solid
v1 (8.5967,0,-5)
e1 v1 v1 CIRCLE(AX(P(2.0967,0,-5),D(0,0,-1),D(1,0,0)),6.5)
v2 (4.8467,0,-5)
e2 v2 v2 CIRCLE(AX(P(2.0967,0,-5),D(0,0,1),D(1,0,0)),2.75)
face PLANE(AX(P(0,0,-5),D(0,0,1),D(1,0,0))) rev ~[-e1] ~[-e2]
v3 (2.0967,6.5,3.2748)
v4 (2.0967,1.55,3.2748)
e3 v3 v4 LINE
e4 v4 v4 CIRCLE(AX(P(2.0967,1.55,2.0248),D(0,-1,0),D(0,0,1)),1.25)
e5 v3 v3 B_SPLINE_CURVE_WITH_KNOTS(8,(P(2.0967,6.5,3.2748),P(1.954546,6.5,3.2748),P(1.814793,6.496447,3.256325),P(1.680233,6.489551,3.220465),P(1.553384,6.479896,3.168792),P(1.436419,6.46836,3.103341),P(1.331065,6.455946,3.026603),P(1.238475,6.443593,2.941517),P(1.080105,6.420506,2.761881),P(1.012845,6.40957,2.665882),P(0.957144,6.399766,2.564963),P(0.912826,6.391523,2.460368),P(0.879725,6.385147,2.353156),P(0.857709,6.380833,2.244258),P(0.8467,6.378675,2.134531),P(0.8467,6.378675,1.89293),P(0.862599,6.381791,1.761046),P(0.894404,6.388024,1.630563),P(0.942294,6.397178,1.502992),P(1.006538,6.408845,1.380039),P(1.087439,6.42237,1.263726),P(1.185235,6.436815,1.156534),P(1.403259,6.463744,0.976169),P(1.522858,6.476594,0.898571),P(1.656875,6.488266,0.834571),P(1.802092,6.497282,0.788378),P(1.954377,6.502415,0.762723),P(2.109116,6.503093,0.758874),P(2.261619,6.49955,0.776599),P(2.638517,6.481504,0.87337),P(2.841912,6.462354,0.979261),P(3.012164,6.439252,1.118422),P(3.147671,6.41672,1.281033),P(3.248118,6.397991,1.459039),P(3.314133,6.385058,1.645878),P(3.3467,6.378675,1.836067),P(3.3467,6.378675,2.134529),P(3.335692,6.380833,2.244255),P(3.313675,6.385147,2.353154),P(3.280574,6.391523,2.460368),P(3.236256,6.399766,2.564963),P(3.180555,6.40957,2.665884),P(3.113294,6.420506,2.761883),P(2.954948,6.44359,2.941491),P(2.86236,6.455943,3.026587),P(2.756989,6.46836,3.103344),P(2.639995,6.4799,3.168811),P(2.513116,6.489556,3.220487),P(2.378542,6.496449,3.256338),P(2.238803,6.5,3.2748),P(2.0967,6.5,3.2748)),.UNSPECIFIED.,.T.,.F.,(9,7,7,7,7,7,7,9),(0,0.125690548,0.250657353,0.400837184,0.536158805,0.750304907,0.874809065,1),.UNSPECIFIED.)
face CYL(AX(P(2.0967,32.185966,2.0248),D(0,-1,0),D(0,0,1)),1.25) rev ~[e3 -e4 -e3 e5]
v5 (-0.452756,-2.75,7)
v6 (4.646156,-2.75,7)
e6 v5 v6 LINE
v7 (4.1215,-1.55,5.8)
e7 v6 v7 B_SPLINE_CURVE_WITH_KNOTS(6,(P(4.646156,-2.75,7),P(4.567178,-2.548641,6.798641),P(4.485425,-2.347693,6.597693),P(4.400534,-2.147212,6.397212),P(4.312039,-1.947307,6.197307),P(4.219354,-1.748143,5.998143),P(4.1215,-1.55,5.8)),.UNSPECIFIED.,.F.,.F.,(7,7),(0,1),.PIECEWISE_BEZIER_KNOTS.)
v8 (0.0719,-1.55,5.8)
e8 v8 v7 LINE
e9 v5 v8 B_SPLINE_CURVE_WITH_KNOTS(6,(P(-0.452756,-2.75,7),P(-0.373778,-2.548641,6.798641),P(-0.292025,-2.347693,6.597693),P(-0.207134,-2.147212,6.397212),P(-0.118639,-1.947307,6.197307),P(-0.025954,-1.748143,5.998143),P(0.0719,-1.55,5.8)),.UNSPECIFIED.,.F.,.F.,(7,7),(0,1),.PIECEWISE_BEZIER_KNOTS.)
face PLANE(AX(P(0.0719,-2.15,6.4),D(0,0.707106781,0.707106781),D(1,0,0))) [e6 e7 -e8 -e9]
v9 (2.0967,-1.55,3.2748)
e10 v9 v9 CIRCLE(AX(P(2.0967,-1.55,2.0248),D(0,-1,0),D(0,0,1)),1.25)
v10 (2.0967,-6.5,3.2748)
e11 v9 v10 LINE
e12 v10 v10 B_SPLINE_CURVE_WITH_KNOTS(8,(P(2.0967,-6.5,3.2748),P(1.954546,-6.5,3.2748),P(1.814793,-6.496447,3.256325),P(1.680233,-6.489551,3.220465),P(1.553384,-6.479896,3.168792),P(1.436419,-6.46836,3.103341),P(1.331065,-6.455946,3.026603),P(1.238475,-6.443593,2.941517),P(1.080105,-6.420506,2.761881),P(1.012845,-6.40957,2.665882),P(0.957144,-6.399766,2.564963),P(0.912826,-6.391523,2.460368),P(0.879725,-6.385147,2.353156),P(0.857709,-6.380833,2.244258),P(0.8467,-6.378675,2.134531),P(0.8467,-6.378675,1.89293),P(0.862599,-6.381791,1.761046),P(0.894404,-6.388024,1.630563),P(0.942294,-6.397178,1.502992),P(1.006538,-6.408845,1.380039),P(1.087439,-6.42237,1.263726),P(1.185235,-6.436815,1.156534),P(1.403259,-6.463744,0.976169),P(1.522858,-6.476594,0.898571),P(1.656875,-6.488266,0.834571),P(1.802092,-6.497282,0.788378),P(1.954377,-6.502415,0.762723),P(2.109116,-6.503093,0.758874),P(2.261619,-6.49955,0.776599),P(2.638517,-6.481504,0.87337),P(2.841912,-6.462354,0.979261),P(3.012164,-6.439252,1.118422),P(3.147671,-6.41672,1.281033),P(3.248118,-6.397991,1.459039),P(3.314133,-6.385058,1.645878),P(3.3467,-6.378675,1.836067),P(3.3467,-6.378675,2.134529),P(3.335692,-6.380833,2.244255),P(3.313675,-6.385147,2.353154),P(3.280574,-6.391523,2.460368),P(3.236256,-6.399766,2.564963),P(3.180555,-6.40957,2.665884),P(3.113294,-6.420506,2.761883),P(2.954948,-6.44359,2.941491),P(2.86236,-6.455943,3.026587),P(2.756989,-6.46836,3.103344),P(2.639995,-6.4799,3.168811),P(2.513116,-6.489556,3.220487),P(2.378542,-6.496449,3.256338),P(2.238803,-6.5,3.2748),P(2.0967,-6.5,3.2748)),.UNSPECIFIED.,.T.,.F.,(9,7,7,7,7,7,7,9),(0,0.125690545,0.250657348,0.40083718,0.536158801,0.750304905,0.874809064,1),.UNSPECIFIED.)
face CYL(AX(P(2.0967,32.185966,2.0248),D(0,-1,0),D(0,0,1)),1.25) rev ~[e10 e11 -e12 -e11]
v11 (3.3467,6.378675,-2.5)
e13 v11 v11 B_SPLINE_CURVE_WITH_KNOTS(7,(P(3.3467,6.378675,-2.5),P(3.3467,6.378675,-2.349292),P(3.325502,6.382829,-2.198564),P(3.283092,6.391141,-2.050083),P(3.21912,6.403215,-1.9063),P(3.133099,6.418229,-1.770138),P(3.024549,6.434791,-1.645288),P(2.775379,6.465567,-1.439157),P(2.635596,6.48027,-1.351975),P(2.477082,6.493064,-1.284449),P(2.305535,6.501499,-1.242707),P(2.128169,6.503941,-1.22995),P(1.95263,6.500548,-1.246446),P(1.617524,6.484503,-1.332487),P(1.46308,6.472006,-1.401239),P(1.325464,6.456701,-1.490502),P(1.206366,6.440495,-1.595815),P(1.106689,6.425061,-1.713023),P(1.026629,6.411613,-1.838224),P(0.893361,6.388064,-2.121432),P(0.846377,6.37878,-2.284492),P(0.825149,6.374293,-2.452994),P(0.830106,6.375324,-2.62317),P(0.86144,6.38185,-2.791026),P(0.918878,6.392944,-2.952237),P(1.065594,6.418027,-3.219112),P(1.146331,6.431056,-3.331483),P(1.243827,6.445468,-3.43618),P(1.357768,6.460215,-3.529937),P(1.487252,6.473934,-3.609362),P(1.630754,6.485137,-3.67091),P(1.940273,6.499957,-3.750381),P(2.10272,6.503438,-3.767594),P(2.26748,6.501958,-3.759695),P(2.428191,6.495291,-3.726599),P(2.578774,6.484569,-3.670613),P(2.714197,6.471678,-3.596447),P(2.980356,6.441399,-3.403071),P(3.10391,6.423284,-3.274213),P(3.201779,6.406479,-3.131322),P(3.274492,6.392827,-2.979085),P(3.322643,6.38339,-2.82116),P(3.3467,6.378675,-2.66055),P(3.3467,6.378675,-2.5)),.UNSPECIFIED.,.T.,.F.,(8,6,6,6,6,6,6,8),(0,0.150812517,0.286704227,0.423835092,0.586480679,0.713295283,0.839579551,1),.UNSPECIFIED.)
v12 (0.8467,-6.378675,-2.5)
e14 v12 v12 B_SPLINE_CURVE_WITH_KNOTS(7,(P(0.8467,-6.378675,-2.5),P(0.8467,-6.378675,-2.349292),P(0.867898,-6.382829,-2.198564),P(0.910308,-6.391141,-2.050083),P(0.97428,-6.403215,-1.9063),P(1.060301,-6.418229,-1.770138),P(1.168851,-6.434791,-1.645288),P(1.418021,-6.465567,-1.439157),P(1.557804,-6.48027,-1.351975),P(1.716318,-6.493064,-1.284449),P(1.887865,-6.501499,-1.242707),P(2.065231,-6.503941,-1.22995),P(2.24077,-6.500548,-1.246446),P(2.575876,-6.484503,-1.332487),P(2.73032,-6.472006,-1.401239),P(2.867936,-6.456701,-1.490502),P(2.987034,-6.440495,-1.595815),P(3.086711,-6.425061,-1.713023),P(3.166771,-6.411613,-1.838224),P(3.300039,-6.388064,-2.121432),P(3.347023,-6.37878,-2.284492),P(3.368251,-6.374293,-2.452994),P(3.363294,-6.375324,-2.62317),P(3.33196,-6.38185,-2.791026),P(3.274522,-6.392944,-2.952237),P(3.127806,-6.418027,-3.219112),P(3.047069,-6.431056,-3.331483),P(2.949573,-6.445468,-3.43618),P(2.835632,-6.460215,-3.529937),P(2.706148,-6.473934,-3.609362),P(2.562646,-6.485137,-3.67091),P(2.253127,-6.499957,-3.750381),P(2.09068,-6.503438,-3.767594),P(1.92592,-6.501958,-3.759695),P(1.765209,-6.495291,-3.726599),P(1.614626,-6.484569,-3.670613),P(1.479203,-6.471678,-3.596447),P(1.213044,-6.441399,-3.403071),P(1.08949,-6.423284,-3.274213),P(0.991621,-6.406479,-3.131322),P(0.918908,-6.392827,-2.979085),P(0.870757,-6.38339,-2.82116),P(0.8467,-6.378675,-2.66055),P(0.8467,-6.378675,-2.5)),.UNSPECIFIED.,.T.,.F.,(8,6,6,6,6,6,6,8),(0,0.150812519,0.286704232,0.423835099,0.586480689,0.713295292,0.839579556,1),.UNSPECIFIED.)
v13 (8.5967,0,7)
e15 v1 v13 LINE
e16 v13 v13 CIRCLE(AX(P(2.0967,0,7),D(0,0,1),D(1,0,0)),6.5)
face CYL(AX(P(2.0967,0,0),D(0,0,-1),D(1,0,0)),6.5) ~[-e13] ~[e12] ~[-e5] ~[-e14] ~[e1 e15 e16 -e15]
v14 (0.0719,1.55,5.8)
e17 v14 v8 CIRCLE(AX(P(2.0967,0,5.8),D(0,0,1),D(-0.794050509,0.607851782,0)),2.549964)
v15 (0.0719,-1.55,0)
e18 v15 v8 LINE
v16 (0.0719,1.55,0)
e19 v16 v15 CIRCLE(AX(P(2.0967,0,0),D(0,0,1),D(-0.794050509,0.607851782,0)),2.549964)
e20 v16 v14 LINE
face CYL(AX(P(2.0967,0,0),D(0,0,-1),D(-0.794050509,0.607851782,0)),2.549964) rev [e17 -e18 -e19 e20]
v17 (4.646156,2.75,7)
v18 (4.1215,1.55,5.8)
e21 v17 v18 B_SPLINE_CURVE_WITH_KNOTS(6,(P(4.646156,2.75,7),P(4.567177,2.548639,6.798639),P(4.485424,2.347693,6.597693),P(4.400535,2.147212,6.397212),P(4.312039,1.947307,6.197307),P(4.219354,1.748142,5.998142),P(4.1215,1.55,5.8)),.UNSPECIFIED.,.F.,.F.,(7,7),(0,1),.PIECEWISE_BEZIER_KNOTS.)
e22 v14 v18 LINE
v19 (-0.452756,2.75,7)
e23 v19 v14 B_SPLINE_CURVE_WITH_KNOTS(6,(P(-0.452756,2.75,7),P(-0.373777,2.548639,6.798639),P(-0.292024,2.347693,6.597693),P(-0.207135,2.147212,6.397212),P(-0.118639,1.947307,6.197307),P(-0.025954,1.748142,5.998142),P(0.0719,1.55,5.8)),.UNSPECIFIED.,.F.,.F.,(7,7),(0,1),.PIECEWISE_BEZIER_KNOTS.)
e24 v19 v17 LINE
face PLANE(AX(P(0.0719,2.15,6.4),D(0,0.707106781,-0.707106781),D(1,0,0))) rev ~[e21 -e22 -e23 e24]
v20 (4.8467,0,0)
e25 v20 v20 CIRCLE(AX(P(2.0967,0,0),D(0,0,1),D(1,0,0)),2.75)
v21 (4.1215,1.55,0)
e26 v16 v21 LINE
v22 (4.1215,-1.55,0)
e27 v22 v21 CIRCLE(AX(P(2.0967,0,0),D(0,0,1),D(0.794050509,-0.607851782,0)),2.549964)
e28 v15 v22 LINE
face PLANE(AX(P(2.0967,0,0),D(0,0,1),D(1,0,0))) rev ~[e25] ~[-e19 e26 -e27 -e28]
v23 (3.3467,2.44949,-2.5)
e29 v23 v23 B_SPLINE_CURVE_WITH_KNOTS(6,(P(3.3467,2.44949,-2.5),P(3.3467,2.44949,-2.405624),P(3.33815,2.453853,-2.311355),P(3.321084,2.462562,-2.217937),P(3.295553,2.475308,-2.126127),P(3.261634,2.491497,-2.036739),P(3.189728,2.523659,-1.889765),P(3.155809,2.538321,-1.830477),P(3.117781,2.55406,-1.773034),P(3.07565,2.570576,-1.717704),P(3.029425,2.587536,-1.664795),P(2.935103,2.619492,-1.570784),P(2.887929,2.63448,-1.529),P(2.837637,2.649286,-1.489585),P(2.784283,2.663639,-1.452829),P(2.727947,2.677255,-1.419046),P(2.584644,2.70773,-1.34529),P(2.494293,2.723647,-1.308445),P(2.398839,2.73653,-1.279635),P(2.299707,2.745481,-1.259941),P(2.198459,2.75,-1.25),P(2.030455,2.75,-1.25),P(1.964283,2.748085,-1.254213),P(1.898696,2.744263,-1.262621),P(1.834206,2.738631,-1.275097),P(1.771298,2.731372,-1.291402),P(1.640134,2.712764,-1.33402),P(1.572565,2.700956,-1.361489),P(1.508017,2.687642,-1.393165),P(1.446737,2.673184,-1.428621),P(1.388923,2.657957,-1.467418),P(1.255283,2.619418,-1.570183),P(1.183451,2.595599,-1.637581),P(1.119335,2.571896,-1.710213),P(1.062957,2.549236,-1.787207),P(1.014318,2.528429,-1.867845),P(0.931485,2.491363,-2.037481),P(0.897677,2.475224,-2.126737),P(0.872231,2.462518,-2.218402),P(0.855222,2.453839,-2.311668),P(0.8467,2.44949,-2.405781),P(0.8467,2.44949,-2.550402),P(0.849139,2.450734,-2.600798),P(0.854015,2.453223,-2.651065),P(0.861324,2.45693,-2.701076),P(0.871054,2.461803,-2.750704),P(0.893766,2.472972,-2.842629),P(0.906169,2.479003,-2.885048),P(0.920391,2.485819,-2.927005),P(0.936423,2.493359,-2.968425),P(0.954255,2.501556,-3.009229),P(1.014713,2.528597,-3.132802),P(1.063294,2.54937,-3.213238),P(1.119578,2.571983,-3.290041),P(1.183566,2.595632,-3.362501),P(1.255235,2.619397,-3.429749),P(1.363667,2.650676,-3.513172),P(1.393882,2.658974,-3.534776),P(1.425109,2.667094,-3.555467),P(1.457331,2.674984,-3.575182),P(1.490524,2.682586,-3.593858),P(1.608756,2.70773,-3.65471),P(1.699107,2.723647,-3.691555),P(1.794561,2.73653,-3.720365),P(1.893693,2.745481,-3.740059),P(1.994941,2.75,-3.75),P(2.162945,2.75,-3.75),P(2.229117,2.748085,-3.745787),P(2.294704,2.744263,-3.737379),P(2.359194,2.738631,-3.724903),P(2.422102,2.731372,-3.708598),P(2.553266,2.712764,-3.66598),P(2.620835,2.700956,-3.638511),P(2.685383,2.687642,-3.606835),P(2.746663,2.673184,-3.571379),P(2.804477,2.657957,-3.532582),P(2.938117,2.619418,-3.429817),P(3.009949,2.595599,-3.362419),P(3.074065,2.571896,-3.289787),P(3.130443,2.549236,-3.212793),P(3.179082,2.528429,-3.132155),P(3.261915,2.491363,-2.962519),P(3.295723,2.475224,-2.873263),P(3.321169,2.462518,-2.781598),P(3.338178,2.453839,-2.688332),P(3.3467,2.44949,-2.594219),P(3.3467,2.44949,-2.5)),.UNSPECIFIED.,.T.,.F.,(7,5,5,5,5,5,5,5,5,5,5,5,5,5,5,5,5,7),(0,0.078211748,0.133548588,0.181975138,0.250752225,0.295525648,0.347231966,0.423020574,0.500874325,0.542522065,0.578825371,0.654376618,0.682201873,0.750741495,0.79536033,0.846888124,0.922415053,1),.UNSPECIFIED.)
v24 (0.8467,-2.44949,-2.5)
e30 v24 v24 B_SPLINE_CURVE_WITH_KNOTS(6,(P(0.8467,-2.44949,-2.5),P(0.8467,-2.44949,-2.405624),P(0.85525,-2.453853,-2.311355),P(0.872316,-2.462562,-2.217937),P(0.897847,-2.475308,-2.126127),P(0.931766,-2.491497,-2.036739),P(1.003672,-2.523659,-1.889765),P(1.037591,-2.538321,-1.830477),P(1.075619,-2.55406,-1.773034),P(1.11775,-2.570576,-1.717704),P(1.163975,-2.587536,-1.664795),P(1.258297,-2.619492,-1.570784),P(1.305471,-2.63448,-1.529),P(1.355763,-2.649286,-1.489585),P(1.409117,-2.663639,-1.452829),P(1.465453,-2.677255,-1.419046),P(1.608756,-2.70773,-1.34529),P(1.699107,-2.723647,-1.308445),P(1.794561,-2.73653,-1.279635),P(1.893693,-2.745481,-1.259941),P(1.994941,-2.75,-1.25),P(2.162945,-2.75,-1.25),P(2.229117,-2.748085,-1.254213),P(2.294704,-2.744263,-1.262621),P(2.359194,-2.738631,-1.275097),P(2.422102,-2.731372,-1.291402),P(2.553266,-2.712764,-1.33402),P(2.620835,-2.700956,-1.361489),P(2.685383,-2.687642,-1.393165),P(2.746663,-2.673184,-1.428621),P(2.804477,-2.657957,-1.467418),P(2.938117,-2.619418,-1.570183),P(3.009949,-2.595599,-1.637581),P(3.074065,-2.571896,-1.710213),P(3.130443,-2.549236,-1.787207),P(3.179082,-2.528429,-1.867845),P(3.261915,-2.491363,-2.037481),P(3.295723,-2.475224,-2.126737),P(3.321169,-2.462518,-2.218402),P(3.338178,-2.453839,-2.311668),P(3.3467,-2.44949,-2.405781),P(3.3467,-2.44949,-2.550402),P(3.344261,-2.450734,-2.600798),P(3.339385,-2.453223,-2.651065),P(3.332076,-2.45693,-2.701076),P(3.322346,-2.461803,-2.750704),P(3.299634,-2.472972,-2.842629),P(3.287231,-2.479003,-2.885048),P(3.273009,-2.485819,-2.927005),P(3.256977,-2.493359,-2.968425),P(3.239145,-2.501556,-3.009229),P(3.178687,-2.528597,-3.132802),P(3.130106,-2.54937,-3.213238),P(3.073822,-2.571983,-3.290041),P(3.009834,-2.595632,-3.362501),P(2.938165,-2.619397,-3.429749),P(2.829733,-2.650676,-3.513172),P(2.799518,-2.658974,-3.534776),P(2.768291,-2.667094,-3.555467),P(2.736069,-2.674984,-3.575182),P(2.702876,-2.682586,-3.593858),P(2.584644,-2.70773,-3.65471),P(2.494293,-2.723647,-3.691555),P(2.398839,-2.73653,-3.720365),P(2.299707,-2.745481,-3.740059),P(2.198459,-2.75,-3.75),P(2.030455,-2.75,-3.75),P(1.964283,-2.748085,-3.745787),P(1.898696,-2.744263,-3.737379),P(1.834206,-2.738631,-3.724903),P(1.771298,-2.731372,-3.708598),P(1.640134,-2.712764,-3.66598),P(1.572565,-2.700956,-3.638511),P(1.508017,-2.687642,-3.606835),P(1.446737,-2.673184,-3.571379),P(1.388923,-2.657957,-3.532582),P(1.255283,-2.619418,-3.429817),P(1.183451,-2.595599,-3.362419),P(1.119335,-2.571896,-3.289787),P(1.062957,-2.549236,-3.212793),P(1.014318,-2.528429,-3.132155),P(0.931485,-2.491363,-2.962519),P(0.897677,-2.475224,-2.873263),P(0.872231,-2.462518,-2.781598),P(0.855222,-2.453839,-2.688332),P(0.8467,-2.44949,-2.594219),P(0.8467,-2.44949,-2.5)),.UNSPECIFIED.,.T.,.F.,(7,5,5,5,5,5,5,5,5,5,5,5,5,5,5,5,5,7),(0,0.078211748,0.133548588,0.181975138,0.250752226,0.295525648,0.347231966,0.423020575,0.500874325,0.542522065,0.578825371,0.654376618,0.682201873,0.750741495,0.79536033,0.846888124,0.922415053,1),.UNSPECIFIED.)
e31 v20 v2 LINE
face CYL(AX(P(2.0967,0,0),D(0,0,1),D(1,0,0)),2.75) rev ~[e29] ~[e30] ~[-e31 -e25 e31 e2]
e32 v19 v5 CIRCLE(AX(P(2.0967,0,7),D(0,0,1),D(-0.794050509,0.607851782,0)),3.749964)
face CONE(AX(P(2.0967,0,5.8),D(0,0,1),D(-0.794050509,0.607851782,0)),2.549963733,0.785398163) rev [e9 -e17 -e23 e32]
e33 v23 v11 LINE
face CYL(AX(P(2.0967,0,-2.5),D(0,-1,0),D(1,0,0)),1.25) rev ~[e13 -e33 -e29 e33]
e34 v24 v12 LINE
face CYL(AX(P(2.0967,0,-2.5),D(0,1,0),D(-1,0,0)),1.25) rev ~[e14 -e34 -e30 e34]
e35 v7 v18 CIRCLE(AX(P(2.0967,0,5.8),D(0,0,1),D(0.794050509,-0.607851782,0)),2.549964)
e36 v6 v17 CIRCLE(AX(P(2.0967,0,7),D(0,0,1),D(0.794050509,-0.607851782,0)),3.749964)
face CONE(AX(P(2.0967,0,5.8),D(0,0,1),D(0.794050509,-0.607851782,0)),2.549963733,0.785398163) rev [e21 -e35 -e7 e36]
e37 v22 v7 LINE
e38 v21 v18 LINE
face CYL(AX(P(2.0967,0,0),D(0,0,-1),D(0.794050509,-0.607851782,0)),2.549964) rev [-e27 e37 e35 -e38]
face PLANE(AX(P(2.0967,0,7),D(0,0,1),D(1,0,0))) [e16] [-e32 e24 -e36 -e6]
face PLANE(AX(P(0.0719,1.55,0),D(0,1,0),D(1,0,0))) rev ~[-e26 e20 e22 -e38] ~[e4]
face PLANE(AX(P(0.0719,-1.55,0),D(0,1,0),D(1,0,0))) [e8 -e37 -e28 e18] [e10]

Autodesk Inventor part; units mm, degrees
ref_plane "YZ Plane" through (0, 0, 0) normal (1, 0, 0) x (0, 1, 0)
ref_plane "XZ Plane" through (0, 0, 0) normal (0, 1, 0) x (-1, 0, 0)
sketch "Sketch1" plane through (0, 0, 0) normal (0, 0, 1) x (1, 0, 0)
  line L0 (0.8467, -0.7217) -> (0.8467, 0.7217) construction
  line L1 (0.8467, 0.7217) -> (2.0967, 1.4434) construction
  line L2 (2.0967, 1.4434) -> (3.3467, 0.7217) construction
  line L3 (3.3467, 0.7217) -> (3.3467, -0.7217) construction
  line L4 (3.3467, -0.7217) -> (2.0967, -1.4434) construction
  line L5 (2.0967, -1.4434) -> (0.8467, -0.7217) construction
  circle A0 centre (2.0967, 0) radius 2.45 construction
  line L6 (4.8467, -1.5877) -> (3.4717, -2.3816) construction
  line L7 (15.0967, 3) -> (15.0967, -3) construction
  line L8 (-10.9033, 3) -> (-10.9033, -3) construction
  line L9 (-0.6533, 0) -> (-0.6533, 1.5877) construction
  circle A1 centre (2.0967, 0) radius 5
  circle A2 centre (2.0967, 0) radius 1.7 projected
  line L10 (-10.9033, -3) -> (15.0967, -3) projected
  line L11 (-10.9033, 3) -> (15.0967, 3) projected
  circle A3 centre (2.0967, 0) radius 2.75
  circle A4 centre (2.0967, 0) radius 6.5
  point P0 (0.4719, -0.5)
  point P1 (3.7215, -0.5)
  dimension "d10" = 5.5
  dimension "d13" = 13
ref_plane "Work Plane1" through (-20.8033, -6.3, -5.9) normal (0, 0, 1) x (1, 0, 0)
extrude "Extrusion1" add sketch "Sketch1" against normal blind 5 contours A1 L10 L11 | A1 L11 A4 L10 | L11 A1 | A1 L11 A4 | L10 A4 A1 | A1 L10 | A1 L10 A4 L11
sketch "Sketch2" plane through (2.0967, 0, 0) normal (0, 0, 1) x (1, 0, 0)
  line L0 (-2, 1.5) -> (2, 1.5) construction
  arc A0 (2.5, 0) -> (2, 1.5) centre (0, 0) ccw construction
  arc A1 (-2, 1.5) -> (-2.5, 0) centre (0, 0) ccw construction
  line L1 (2, -1.5) -> (-2, -1.5) construction
  arc A2 (-2.5, 0) -> (2.5, 0) centre (0, 0) ccw construction
  line L2 (2.0248, 1.55) -> (-2.0248, 1.55) construction
  arc A3 (-2.0248, 1.55) -> (-2.55, 0) centre (0, 0) ccw construction
  arc A4 (-2.55, 0) -> (2.55, 0) centre (0, 0) ccw construction
  arc A5 (2.55, 0) -> (2.0248, 1.55) centre (0, 0) ccw construction
  line L3 (-2.0248, 1.55) -> (2.0248, 1.55) construction
  line L4 (-2.0248, 1.55) -> (2.0248, 1.55)
  line L5 (-2.0248, -1.55) -> (2.0248, -1.55)
  arc A6 (-2.0248, 1.55) -> (-2.0248, -1.55) centre (0, 0) ccw
  arc A7 (2.0248, -1.55) -> (2.0248, 1.55) centre (0, 0) ccw
  circle A8 centre (0, 0) radius 6.5 projected
  point P0 (-2.0967, 0)
  dimension "d11" = 3.1
  dimension "d12" = 2.55
extrude "Extrusion2" add sketch "Sketch2" along normal blind 7
chamfer "Chamfer1" distance 1.2 angle 45 4 edges at (2.0967, 1.55, 7) (-0.4533, 0, 7) (2.0967, -1.55, 7) (4.6467, 0, 7)
sketch "Sketch3" plane through (0, 0, 0) normal (0, 1, 0) x (-1, 0, 0)
  line L0 (-4.6467, 0) -> (-4.6467, 5.8) projected
  line L1 (0.4533, 0) -> (0.4533, 5.8) projected
  line L2 (-8.5967, -5) -> (4.4033, -5) projected
  circle A0 centre (-2.0967, -2.5) radius 1.25
  line L3 (-8.5967, -5) -> (4.4033, -5) projected
  point P0 (0, 0)
  point P1 (-8.5967, 0)
  point P2 (4.4033, 0)
  dimension "d14" = 2.5
  dimension "d15" = 2.5
extrude "Extrusion3" cut sketch "Sketch3" against normal blind 10
pattern_circular "Circular Pattern1" count 2 over 360 about axis through (2.0967, 0, 0) along (0, 0, -1) of "Extrusion3"
sketch "Sketch4" plane through (0.0718, -1.55, 0) normal (0, 1, 0) x (1, 0, 0)
  line L0 (0, -5.8) -> (4.0497, -5.8) projected
  line L1 (-4.4752, -7) -> (8.5248, -7) projected
  line L2 (8.5248, 5) -> (-4.4752, 5) projected
  line L3 (4.0497, -5.8) -> (0, -5.8) projected
  line L4 (4.0497, 0) -> (4.0497, -5.8) projected
  line L5 (0, 0) -> (0, -5.8) projected
  circle A0 centre (2.0248, -2.0248) radius 2.0248
  line L6 (0, 0) -> (4.0497, 0) projected
  point P0 (-0.0718, 0)
  point P1 (3.2748, 2.5)
  point P2 (0.7748, 2.5)
hole "Hole1" at (2.0967, -1.55, 2.0248) direction (0, -1, 0) diameter 2.5 end through all both
properties part number "30_Coupling_Screw_28BYJ_M3_v2"
